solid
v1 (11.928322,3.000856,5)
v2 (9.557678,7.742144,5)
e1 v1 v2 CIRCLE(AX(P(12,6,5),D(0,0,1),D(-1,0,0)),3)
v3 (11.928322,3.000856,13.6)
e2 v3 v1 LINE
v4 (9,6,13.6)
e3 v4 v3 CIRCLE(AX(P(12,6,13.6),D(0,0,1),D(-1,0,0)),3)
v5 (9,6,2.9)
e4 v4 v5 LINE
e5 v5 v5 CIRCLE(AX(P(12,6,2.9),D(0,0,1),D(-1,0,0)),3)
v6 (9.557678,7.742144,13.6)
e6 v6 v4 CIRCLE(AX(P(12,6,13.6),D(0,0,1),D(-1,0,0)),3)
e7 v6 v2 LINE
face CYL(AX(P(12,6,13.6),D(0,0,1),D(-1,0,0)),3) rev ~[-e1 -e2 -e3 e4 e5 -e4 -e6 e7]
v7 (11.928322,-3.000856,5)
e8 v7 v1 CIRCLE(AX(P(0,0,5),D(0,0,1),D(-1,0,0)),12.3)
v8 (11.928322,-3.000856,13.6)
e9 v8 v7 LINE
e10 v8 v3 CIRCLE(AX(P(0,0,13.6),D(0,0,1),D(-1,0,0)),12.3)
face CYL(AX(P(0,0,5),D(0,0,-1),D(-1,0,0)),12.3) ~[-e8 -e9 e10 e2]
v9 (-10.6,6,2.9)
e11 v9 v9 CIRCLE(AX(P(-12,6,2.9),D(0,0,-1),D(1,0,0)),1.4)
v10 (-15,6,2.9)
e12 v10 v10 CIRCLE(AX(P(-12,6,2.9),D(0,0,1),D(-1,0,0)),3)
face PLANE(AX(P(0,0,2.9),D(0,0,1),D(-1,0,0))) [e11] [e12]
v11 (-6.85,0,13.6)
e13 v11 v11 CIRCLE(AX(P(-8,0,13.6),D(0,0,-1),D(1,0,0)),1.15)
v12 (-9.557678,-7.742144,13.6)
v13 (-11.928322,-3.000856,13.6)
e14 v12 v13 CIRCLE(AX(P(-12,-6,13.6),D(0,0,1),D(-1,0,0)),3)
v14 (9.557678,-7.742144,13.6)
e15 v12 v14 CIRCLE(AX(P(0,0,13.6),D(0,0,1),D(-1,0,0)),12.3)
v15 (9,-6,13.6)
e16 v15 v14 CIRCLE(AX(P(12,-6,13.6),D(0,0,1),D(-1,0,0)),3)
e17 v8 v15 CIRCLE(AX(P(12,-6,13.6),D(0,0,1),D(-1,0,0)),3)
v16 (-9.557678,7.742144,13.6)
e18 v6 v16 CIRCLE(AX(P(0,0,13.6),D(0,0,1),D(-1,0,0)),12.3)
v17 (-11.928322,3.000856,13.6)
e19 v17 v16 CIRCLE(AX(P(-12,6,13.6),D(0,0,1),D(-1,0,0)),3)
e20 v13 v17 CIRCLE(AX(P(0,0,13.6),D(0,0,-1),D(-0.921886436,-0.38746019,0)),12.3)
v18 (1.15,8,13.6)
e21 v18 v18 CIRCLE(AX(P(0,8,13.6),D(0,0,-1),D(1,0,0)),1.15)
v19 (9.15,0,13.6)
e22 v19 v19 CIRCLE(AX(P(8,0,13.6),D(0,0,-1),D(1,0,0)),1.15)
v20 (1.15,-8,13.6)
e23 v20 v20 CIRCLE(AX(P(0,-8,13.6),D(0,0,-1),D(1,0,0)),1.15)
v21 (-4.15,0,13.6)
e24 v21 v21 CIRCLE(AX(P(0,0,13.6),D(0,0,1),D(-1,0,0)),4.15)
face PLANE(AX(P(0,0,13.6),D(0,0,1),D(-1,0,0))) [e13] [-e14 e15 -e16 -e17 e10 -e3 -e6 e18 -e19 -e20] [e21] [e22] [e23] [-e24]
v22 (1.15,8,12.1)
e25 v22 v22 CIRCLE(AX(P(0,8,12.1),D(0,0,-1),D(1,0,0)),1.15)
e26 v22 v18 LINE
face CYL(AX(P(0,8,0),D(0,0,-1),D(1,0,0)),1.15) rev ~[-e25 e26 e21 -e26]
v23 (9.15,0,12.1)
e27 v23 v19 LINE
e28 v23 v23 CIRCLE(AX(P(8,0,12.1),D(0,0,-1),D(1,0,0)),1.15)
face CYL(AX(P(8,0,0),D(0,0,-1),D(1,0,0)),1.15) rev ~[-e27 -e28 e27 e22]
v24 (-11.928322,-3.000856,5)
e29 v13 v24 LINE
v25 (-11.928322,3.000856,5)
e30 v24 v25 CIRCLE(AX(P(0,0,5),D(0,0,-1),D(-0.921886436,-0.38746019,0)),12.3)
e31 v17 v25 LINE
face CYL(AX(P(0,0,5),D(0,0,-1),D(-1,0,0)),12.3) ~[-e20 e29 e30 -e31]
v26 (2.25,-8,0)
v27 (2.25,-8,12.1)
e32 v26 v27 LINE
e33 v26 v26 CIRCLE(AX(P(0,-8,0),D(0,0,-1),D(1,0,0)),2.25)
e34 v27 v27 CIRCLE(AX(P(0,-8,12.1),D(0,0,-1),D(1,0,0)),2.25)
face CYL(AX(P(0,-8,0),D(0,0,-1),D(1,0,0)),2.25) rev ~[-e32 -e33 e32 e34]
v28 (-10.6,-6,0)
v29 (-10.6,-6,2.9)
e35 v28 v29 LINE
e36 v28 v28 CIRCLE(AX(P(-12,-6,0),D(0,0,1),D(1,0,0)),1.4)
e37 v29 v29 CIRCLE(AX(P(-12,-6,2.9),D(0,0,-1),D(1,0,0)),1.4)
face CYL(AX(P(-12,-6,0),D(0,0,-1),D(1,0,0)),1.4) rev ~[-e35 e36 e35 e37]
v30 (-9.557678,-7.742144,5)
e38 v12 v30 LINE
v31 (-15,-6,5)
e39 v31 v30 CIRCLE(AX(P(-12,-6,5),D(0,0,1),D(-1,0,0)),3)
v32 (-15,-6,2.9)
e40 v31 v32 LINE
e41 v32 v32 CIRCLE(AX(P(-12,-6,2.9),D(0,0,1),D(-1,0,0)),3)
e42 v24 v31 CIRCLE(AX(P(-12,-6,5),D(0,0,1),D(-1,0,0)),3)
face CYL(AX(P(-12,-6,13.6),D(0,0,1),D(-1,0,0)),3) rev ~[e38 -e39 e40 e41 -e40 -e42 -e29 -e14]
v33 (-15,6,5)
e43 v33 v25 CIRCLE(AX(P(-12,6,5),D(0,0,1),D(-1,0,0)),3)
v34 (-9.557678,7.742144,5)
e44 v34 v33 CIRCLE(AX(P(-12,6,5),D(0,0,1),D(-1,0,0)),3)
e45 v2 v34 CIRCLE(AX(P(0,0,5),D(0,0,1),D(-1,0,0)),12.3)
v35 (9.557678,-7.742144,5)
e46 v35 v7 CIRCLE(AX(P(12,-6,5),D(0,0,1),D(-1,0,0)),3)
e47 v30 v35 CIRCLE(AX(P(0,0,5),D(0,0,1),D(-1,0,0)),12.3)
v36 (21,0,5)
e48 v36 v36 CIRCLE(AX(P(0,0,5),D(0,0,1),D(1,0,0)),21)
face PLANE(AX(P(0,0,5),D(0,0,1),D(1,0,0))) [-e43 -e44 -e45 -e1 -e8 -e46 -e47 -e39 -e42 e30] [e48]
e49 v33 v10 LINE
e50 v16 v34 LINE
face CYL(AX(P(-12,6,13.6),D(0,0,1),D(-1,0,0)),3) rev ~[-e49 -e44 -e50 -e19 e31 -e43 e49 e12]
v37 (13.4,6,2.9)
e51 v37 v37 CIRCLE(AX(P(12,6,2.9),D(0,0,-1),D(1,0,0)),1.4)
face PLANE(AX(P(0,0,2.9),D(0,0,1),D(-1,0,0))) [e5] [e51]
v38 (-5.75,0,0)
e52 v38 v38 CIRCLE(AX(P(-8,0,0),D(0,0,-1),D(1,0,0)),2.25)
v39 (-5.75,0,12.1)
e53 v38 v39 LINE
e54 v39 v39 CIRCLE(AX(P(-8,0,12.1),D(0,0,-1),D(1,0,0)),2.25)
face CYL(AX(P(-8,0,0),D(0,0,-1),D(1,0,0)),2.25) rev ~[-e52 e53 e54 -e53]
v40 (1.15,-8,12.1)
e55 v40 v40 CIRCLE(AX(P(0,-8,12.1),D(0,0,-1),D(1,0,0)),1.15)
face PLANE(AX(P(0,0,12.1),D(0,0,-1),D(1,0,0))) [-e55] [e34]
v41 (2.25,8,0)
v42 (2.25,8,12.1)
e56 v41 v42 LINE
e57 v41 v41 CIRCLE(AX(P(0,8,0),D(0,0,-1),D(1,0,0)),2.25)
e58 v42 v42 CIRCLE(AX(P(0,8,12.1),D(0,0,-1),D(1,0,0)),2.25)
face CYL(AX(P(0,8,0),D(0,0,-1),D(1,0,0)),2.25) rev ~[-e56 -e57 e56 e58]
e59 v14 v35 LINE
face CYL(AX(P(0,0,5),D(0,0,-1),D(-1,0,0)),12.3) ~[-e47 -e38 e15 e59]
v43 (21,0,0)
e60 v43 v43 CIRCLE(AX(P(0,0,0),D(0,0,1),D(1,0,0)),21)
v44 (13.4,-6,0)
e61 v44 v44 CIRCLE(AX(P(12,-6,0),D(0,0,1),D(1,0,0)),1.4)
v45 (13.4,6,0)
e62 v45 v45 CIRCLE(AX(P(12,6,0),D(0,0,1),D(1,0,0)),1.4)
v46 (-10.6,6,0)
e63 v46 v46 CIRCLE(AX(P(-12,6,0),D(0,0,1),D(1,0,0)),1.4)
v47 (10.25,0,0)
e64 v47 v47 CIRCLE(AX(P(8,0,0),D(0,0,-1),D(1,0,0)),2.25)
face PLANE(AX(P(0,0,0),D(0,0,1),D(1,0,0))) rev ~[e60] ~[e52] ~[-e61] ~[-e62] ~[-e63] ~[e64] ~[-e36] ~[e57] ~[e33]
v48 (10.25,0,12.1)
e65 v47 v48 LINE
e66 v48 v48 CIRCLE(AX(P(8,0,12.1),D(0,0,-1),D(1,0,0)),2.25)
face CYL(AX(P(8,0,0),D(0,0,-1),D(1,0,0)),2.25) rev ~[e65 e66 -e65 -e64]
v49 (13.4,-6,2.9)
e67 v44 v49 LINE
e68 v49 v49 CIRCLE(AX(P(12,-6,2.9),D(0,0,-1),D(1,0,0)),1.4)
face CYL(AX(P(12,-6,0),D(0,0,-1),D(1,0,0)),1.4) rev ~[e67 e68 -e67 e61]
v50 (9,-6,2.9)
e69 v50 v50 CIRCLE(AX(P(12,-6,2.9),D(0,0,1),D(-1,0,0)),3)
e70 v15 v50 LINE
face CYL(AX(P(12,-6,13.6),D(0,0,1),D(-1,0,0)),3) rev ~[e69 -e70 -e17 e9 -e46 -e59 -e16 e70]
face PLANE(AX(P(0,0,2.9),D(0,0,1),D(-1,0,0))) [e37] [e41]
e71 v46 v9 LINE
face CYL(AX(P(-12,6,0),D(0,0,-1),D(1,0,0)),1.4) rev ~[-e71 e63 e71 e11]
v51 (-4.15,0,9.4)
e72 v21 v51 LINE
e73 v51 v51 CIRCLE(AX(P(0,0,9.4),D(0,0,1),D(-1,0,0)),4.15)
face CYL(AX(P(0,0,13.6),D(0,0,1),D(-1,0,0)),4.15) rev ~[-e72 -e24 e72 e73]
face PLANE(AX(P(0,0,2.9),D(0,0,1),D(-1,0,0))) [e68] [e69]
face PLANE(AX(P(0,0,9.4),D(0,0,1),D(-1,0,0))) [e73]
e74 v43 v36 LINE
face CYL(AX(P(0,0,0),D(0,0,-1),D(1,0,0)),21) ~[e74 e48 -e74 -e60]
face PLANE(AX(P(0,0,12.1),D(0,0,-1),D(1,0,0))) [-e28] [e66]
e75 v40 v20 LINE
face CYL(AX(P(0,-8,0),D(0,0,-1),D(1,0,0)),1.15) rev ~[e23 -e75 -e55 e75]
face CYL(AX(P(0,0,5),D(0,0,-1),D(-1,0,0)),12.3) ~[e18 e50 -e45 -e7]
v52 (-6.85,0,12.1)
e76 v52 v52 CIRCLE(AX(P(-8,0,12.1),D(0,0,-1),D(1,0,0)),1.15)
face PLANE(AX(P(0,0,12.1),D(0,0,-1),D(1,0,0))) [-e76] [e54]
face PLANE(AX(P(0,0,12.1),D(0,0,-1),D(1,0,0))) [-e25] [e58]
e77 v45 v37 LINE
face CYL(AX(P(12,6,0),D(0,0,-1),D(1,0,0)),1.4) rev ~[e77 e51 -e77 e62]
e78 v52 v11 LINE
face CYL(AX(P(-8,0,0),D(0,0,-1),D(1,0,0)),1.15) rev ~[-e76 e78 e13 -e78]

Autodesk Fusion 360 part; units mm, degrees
sketch "スケッチ1" plane through (0, 0, 0) normal (0, 0, 1) x (1, 0, 0)
  circle A0 centre (0, 0) radius 21
  dimension "d1" = 42
extrude "押し出し1" add sketch "スケッチ1" along normal blind 5
sketch "スケッチ2" plane through (0, 0, 5) normal (0, 0, 1) x (-1, 0, 0)
  circle A0 centre (0, 0) radius 21
  circle A1 centre (0, 0) radius 12.3
  dimension "d4" = 24.6
extrude "押し出し2" add sketch "スケッチ2" along normal blind 8.6 contours A1
sketch "スケッチ3" plane through (0, 0, 13.6) normal (0, 0, 1) x (-1, 0, 0)
  circle A0 centre (0, 0) radius 12.3
  circle A1 centre (0, 0) radius 4.15
  dimension "d7" = 8.3
extrude "押し出し3" cut sketch "スケッチ3" against normal blind 4.2 contours A1
sketch "スケッチ4" plane through (0, 0, 0) normal (0, 0, -1) x (1, 0, 0)
  circle A0 centre (0, 0) radius 21
  circle A1 centre (0, 0) radius 8
  circle A2 centre (0, -8) radius 1.15
  circle A3 centre (8, 0) radius 1.15
  circle A4 centre (0, 8) radius 1.15
  circle A5 centre (-8, 0) radius 1.15
  dimension "d10" = 16
  dimension "d11" = 2.3
  dimension "d12" = 2.3
  dimension "d13" = 2.3
  dimension "d14" = 2.3
extrude "押し出し4" cut sketch "スケッチ4" against normal through all contours A1 A3 | A1 A3 | A1 A4 | A1 A4 | A1 A2 | A1 A2 | A1 A5 | A1 A5
sketch "スケッチ5" plane through (0, 0, 0) normal (0, 0, -1) x (1, 0, 0)
  circle A0 centre (8, 0) radius 1.15
  circle A1 centre (0, 8) radius 1.15
  circle A2 centre (0, -8) radius 1.15
  circle A3 centre (-8, 0) radius 1.15
  circle A4 centre (0, 0) radius 21
  line L0 (12, -6) -> (-12, -6)
  line L1 (-12, -6) -> (-12, 6)
  line L2 (-12, 6) -> (12, 6)
  line L3 (12, 6) -> (12, -6)
  circle A5 centre (12, -6) radius 1.4
  circle A6 centre (-12, -6) radius 1.4
  circle A7 centre (12, 6) radius 1.4
  circle A8 centre (-12, 6) radius 1.4
  dimension "d16" = 24
  dimension "d17" = 12
  dimension "d18" = 12
  dimension "d19" = 6
  dimension "d20" = 2.8
  dimension "d21" = 2.8
  dimension "d22" = 2.8
  dimension "d23" = 2.8
extrude "押し出し5" cut sketch "スケッチ5" against normal through all contours L0 L1 A6 | L0 L1 A6 | L0 L3 A5 | L0 L3 A5 | L1 L2 A8 | L1 L2 A8 | L2 L3 A7 | L2 L3 A7
sketch "スケッチ6" plane through (0, 0, 0) normal (0, 0, -1) x (1, 0, 0)
  circle A0 centre (0, 0) radius 21
  circle A1 centre (-8, 0) radius 1.15
  circle A2 centre (0, -8) radius 1.15
  circle A3 centre (0, 8) radius 1.15
  circle A4 centre (8, 0) radius 1.15
  circle A5 centre (-12, 6) radius 1.4
  circle A6 centre (12, -6) radius 1.4
  circle A7 centre (-12, -6) radius 1.4
  circle A8 centre (12, 6) radius 1.4
  circle A9 centre (-8, 0) radius 2.25
  circle A10 centre (0, 8) radius 2.25
  circle A11 centre (8, 0) radius 2.25
  circle A12 centre (0, -8) radius 2.25
  dimension "d25" = 4.5
  dimension "d26" = 4.5
  dimension "d27" = 4.5
  dimension "d28" = 4.5
extrude "押し出し6" cut sketch "スケッチ6" against normal blind 12.1 contours A9 | A10 | A11 | A12
sketch "スケッチ7" plane through (0, 0, 13.6) normal (0, 0, 1) x (-1, 0, 0)
  circle A0 centre (12, -6) radius 3
  circle A1 centre (12, 6) radius 3
  circle A2 centre (-12, -6) radius 3
  circle A3 centre (-12, 6) radius 3
  dimension "d31" = 6
  dimension "d32" = 6
  dimension "d33" = 6
  dimension "d34" = 6
extrude "押し出し7" cut sketch "スケッチ7" against normal blind 10.7
equation "d18 = d16 / 2"
equation "d19 = d17 / 2"
